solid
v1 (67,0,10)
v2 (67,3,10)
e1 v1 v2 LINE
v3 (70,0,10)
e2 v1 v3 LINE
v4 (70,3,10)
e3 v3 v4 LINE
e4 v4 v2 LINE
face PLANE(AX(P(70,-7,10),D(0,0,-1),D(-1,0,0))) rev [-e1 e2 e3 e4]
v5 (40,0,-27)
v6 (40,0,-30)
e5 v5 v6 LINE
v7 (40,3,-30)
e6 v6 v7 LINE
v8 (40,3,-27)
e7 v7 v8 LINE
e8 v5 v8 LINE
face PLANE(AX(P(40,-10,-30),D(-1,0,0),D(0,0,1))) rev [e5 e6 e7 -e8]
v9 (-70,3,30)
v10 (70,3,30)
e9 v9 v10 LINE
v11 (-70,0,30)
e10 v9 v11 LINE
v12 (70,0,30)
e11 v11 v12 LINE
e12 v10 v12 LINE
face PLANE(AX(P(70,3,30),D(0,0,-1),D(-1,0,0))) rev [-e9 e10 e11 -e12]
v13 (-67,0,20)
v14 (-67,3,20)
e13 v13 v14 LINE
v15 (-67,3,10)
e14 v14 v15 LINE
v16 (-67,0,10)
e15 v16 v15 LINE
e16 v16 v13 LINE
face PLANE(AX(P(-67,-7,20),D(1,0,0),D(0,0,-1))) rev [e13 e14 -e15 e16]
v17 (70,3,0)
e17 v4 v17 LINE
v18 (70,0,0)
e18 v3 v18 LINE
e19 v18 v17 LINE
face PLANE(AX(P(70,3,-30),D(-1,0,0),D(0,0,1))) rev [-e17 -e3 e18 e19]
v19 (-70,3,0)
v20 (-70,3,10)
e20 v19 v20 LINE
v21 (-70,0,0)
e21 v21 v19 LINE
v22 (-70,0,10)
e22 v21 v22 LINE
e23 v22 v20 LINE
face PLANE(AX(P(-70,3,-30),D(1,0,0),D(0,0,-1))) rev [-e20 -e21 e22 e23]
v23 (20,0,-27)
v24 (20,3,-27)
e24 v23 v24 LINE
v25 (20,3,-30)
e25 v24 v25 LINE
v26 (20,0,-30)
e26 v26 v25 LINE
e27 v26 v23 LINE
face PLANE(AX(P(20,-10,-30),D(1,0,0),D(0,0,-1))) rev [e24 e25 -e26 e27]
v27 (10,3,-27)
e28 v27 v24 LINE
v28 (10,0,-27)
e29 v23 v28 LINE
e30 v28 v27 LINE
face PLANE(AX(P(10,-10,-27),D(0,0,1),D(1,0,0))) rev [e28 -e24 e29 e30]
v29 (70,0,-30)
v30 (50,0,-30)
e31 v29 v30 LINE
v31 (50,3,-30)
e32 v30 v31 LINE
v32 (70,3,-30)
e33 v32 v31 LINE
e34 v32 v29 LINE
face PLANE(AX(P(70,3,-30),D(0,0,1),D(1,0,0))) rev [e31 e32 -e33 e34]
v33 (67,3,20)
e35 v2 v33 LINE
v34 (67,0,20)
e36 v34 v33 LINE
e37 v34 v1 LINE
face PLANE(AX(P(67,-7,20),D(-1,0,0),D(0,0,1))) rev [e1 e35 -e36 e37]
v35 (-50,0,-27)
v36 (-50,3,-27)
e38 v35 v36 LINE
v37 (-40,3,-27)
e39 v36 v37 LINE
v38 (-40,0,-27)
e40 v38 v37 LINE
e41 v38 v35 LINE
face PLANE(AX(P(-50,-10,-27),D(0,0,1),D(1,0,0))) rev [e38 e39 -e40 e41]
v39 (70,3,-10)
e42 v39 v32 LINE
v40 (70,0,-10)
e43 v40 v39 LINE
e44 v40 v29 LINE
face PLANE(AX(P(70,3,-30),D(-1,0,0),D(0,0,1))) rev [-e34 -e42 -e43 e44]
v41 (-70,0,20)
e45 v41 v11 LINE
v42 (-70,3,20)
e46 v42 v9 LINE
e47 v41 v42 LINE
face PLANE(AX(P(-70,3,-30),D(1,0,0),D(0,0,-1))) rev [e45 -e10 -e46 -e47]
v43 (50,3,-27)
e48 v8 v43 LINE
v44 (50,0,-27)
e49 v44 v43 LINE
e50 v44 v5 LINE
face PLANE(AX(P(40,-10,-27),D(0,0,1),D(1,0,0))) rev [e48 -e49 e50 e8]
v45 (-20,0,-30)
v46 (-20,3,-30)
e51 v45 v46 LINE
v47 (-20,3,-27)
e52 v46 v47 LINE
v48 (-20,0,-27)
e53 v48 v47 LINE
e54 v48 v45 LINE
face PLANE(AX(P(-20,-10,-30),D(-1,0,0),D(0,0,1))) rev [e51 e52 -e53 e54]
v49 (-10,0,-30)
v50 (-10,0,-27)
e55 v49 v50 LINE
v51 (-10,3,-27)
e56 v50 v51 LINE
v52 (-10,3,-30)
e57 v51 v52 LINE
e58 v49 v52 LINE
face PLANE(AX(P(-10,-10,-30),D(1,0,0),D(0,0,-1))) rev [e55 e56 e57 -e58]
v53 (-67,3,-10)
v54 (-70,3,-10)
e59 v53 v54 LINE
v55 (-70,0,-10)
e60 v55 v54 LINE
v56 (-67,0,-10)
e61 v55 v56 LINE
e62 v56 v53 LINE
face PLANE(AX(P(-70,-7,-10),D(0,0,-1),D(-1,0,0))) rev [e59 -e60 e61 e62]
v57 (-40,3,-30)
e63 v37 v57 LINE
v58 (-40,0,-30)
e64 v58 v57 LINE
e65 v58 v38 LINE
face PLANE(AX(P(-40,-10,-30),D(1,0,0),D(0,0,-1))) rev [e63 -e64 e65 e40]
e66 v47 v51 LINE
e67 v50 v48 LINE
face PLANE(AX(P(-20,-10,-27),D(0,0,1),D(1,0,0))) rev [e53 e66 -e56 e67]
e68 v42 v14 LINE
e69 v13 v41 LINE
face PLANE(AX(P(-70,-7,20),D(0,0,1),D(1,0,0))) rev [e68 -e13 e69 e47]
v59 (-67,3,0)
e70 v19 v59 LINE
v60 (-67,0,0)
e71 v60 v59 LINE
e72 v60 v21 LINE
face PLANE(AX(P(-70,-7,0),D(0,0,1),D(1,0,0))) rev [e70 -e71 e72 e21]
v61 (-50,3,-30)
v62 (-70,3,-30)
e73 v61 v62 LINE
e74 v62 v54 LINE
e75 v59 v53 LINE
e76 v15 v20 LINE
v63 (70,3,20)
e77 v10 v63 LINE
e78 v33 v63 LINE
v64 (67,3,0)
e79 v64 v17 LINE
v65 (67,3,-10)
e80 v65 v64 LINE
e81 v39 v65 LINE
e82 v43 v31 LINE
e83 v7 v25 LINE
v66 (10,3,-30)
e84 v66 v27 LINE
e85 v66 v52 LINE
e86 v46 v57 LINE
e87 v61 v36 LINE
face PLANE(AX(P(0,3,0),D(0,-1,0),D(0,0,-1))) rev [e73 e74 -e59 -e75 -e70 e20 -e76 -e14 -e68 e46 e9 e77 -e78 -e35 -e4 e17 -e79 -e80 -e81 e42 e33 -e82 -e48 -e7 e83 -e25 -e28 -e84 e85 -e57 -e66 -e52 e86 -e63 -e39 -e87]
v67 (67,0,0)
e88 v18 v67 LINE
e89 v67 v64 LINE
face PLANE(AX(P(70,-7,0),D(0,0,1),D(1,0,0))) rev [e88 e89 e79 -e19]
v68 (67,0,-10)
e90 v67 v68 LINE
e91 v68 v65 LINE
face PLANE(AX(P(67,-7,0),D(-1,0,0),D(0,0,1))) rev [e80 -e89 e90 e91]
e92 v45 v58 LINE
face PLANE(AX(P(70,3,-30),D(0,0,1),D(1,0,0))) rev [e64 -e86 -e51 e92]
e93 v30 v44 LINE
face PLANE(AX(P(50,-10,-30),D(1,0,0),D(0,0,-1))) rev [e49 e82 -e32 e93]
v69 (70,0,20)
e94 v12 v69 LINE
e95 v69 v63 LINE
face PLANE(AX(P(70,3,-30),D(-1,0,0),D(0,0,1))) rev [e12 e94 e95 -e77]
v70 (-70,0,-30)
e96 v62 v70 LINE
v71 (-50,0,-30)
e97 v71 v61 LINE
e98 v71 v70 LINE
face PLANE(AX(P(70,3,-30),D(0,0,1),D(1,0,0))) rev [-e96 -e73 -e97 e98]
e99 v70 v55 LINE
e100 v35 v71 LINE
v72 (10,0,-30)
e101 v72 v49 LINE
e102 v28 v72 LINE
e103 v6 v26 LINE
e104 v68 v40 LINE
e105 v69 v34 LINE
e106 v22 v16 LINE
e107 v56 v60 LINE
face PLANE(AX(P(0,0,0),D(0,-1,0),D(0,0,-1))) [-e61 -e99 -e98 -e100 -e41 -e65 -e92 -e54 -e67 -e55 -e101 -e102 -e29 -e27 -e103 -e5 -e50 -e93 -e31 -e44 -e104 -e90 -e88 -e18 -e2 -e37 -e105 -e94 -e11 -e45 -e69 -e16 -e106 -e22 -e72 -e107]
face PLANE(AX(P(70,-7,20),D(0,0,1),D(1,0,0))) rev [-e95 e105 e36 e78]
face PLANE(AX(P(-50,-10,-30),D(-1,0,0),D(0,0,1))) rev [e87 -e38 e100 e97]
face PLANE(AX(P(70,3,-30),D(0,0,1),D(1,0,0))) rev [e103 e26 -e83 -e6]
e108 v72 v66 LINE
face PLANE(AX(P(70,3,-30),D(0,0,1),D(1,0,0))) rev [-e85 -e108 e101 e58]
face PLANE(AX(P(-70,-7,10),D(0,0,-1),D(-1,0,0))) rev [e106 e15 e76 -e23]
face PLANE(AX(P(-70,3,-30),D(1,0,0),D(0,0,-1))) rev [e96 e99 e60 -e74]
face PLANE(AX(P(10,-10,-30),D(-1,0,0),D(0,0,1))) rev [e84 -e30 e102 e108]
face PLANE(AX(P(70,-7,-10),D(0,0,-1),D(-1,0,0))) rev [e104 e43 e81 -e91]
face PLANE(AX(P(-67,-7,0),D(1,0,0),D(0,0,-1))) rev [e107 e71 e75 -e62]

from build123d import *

# Parameters (mm, degrees)
SKETCH1_W           = 140
SKETCH1_H           = 60
BOSS_EXTRUDE1_DEPTH = 3
SKETCH2_W           = 3
SKETCH2_H           = 10
CUT_EXTRUDE1_DEPTH  = 10
SKETCH3_W           = 10
SKETCH3_H           = 3
CUT_EXTRUDE2_DEPTH  = 13


with BuildPart() as part:
    # Sketch1 → Boss-Extrude1 (new body)
    with BuildSketch(Plane(origin=(0, 0, 0), x_dir=(1, 0, 0), z_dir=(0, 1, 0))):
        Rectangle(SKETCH1_W, SKETCH1_H)
    extrude(amount=BOSS_EXTRUDE1_DEPTH)

    # Sketch2 → Cut-Extrude1 (cut)
    with BuildSketch(Plane(origin=(0, 3, 0), x_dir=(1, 0, 0), z_dir=(0, 1, 0))):
        with Locations((68.5, -15)):
            Rectangle(SKETCH2_W, SKETCH2_H)
        with Locations((68.5, 5)):
            Rectangle(SKETCH2_W, SKETCH2_H)
        with Locations((-68.5, -15)):
            Rectangle(SKETCH2_W, SKETCH2_H)
        with Locations((-68.5, 5)):
            Rectangle(SKETCH2_W, SKETCH2_H)
    extrude(amount=-CUT_EXTRUDE1_DEPTH, mode=Mode.SUBTRACT)

    # Sketch3 → Cut-Extrude2 (cut)
    with BuildSketch(Plane(origin=(0, 3, 0), x_dir=(1, 0, 0), z_dir=(0, 1, 0))):
        with Locations((-45, 28.5)):
            Rectangle(SKETCH3_W, SKETCH3_H)
        with Locations((-15, 28.5)):
            Rectangle(SKETCH3_W, SKETCH3_H)
        with Locations((15, 28.5)):
            Rectangle(SKETCH3_W, SKETCH3_H)
        with Locations((45, 28.5)):
            Rectangle(SKETCH3_W, SKETCH3_H)
    extrude(amount=-CUT_EXTRUDE2_DEPTH, mode=Mode.SUBTRACT)


solid = part.part
